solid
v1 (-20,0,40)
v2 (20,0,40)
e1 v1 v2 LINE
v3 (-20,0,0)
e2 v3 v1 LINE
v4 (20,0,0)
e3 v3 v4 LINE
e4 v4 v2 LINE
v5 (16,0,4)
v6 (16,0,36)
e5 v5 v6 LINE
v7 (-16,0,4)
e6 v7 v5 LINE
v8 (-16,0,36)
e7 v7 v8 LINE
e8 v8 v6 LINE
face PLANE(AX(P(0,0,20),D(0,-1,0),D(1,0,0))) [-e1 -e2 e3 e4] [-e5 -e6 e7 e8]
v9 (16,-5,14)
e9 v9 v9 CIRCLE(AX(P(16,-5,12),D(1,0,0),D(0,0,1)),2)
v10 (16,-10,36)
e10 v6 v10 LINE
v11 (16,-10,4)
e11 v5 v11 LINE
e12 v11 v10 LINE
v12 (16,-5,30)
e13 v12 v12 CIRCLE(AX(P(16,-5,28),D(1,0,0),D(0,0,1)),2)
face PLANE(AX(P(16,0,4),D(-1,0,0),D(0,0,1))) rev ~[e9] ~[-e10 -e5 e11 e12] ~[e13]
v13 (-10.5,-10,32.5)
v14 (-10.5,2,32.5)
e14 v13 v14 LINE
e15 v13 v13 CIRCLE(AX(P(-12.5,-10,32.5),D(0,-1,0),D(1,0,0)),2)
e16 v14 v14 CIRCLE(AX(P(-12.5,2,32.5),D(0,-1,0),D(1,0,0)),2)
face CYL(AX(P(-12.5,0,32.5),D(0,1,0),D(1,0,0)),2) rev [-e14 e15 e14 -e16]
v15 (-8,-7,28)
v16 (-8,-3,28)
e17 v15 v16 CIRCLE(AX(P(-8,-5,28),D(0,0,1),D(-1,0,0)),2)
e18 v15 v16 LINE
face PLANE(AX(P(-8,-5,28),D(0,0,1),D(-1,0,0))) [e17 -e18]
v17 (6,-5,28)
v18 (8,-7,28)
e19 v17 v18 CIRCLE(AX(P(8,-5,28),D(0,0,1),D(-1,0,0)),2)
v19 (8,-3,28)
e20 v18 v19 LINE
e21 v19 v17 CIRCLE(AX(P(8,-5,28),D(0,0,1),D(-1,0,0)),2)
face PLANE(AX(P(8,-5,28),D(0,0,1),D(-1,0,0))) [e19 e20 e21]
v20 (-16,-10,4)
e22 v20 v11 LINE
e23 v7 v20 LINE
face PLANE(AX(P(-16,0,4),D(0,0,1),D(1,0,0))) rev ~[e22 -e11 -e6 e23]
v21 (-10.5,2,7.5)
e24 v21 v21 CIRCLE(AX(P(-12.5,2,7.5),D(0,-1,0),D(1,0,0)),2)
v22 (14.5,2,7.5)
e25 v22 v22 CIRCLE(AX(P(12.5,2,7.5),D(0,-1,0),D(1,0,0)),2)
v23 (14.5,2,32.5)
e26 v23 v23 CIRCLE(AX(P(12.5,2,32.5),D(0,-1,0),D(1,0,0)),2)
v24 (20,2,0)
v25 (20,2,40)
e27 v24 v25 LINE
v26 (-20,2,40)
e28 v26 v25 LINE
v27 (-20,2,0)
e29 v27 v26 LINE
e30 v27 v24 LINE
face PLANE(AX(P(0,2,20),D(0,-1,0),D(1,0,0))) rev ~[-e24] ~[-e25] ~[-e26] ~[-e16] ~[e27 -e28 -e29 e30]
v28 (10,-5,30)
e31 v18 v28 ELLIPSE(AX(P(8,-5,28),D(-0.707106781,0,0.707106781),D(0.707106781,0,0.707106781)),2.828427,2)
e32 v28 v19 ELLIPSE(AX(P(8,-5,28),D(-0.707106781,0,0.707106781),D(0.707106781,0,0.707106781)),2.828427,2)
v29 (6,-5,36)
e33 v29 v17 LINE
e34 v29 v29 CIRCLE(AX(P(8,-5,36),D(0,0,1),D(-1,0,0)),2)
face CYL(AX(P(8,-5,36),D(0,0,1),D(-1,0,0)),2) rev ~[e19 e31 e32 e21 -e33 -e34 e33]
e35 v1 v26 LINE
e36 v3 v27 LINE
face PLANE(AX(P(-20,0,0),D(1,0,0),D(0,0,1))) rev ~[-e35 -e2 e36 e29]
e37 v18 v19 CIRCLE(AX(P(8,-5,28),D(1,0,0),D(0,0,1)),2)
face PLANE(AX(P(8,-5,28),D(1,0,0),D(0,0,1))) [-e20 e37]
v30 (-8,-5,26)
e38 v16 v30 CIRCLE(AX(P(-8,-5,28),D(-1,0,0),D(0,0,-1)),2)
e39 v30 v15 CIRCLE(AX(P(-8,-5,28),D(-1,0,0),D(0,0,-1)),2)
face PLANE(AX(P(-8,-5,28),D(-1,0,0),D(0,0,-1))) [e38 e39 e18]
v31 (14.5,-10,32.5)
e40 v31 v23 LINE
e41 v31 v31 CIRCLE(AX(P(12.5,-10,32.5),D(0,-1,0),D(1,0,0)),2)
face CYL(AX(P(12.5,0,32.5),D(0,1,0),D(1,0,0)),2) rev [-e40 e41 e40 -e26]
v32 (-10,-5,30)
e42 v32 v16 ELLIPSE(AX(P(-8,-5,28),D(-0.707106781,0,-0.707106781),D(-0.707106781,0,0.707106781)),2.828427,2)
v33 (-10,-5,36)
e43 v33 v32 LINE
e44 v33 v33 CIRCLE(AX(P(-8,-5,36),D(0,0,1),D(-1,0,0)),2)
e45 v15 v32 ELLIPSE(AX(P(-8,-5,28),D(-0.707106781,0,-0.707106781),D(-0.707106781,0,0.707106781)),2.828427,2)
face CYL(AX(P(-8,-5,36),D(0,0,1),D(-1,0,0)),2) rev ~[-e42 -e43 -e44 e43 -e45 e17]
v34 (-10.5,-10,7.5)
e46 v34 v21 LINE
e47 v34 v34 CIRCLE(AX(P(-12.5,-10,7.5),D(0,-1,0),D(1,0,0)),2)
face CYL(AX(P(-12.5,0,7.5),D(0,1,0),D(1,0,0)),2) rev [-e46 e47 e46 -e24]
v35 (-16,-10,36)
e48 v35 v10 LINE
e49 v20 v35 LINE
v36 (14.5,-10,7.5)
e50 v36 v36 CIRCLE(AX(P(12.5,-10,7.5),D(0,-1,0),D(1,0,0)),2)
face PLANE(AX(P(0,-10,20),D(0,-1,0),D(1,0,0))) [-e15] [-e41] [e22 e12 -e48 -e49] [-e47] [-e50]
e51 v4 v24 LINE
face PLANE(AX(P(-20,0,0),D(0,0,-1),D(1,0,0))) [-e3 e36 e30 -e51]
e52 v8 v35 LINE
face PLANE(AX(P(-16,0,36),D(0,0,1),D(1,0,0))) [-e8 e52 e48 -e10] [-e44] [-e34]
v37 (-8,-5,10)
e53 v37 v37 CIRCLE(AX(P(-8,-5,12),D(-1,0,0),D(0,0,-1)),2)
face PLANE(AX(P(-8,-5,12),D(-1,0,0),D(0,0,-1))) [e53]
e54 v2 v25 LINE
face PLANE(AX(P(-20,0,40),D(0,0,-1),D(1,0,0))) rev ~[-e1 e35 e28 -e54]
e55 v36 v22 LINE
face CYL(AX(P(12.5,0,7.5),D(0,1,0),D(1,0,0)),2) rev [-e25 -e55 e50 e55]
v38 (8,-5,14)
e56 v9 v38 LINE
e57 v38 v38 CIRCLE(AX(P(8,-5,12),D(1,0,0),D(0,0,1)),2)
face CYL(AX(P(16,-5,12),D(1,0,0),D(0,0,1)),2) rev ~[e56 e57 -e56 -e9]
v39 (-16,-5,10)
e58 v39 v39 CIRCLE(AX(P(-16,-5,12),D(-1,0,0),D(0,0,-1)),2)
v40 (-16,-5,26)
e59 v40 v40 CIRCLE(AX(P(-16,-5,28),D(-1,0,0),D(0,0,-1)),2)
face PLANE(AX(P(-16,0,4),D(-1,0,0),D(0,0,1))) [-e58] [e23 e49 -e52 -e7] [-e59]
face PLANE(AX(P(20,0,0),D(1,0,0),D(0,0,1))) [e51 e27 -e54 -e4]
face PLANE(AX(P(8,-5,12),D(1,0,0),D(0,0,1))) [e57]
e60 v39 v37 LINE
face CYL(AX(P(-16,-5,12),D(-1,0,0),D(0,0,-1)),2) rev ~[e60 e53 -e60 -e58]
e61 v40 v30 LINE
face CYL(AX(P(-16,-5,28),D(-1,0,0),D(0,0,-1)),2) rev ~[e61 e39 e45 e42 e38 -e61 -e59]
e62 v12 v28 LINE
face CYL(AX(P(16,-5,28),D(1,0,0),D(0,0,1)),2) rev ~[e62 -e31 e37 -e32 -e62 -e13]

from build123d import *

# Parameters (mm, degrees)
SKETCH032_W     = 40
SKETCH032_H     = 40
SKETCH032_R     = 2
PAD018_DEPTH    = 2
SKETCH033_W     = 32
SKETCH033_H     = 32
SKETCH033_R     = 2
PAD019_DEPTH    = 10
SKETCH034_R     = 2
POCKET013_DEPTH = 8
SKETCH035_R     = 2
POCKET014_DEPTH = 8
SKETCH039_R     = 2
POCKET015_DEPTH = 8


with BuildPart() as part:
    # Sketch032 → Pad018 (new body)
    with BuildSketch(Plane.XZ):
        with Locations((0, 20)):
            Rectangle(SKETCH032_W, SKETCH032_H)
        with Locations((-12.5, 7.5)):
            Circle(SKETCH032_R, mode=Mode.SUBTRACT)
        with Locations((-12.5, 32.5)):
            Circle(SKETCH032_R, mode=Mode.SUBTRACT)
        with Locations((12.5, 32.5)):
            Circle(SKETCH032_R, mode=Mode.SUBTRACT)
        with Locations((12.5, 7.5)):
            Circle(SKETCH032_R, mode=Mode.SUBTRACT)
    extrude(amount=-PAD018_DEPTH)

    # Sketch033 (on Face9 of Pad018) → Pad019 (join)
    with BuildSketch(Plane.XZ):
        with Locations((0, 20)):
            Rectangle(SKETCH033_W, SKETCH033_H)
        with Locations((-12.5, 32.5)):
            Circle(SKETCH033_R, mode=Mode.SUBTRACT)
        with Locations((12.5, 32.5)):
            Circle(SKETCH033_R, mode=Mode.SUBTRACT)
        with Locations((-12.5, 7.5)):
            Circle(SKETCH033_R, mode=Mode.SUBTRACT)
        with Locations((12.5, 7.5)):
            Circle(SKETCH033_R, mode=Mode.SUBTRACT)
    extrude(amount=PAD019_DEPTH)

    # Sketch034 (on Face10 of Pad019) → Pocket013 (cut)
    with BuildSketch(Plane(origin=(-16, 0, 0), x_dir=(0, 0, -1), z_dir=(-1, 0, 0))):
        with Locations((-28, 5)):
            Circle(SKETCH034_R)
        with Locations((-12, 5)):
            Circle(SKETCH034_R)
    extrude(amount=-POCKET013_DEPTH, mode=Mode.SUBTRACT)

    # Sketch035 (on Face7 of Pocket013) → Pocket014 (cut)
    with BuildSketch(Plane(origin=(0, 0, 36), x_dir=(-1, 0, 0), z_dir=(0, 0, 1))):
        with Locations((-8, 5)):
            Circle(SKETCH035_R)
        with Locations((8, 5)):
            Circle(SKETCH035_R)
    extrude(amount=-POCKET014_DEPTH, mode=Mode.SUBTRACT)

    # Sketch039 (on Face8 of Pocket014) → Pocket015 (cut)
    with BuildSketch(Plane(origin=(16, 0, 0), x_dir=(0, 0, 1), z_dir=(1, 0, 0))):
        with Locations((12, 5)):
            Circle(SKETCH039_R)
        with Locations((28, 5)):
            Circle(SKETCH039_R)
    extrude(amount=-POCKET015_DEPTH, mode=Mode.SUBTRACT)


solid = part.part
